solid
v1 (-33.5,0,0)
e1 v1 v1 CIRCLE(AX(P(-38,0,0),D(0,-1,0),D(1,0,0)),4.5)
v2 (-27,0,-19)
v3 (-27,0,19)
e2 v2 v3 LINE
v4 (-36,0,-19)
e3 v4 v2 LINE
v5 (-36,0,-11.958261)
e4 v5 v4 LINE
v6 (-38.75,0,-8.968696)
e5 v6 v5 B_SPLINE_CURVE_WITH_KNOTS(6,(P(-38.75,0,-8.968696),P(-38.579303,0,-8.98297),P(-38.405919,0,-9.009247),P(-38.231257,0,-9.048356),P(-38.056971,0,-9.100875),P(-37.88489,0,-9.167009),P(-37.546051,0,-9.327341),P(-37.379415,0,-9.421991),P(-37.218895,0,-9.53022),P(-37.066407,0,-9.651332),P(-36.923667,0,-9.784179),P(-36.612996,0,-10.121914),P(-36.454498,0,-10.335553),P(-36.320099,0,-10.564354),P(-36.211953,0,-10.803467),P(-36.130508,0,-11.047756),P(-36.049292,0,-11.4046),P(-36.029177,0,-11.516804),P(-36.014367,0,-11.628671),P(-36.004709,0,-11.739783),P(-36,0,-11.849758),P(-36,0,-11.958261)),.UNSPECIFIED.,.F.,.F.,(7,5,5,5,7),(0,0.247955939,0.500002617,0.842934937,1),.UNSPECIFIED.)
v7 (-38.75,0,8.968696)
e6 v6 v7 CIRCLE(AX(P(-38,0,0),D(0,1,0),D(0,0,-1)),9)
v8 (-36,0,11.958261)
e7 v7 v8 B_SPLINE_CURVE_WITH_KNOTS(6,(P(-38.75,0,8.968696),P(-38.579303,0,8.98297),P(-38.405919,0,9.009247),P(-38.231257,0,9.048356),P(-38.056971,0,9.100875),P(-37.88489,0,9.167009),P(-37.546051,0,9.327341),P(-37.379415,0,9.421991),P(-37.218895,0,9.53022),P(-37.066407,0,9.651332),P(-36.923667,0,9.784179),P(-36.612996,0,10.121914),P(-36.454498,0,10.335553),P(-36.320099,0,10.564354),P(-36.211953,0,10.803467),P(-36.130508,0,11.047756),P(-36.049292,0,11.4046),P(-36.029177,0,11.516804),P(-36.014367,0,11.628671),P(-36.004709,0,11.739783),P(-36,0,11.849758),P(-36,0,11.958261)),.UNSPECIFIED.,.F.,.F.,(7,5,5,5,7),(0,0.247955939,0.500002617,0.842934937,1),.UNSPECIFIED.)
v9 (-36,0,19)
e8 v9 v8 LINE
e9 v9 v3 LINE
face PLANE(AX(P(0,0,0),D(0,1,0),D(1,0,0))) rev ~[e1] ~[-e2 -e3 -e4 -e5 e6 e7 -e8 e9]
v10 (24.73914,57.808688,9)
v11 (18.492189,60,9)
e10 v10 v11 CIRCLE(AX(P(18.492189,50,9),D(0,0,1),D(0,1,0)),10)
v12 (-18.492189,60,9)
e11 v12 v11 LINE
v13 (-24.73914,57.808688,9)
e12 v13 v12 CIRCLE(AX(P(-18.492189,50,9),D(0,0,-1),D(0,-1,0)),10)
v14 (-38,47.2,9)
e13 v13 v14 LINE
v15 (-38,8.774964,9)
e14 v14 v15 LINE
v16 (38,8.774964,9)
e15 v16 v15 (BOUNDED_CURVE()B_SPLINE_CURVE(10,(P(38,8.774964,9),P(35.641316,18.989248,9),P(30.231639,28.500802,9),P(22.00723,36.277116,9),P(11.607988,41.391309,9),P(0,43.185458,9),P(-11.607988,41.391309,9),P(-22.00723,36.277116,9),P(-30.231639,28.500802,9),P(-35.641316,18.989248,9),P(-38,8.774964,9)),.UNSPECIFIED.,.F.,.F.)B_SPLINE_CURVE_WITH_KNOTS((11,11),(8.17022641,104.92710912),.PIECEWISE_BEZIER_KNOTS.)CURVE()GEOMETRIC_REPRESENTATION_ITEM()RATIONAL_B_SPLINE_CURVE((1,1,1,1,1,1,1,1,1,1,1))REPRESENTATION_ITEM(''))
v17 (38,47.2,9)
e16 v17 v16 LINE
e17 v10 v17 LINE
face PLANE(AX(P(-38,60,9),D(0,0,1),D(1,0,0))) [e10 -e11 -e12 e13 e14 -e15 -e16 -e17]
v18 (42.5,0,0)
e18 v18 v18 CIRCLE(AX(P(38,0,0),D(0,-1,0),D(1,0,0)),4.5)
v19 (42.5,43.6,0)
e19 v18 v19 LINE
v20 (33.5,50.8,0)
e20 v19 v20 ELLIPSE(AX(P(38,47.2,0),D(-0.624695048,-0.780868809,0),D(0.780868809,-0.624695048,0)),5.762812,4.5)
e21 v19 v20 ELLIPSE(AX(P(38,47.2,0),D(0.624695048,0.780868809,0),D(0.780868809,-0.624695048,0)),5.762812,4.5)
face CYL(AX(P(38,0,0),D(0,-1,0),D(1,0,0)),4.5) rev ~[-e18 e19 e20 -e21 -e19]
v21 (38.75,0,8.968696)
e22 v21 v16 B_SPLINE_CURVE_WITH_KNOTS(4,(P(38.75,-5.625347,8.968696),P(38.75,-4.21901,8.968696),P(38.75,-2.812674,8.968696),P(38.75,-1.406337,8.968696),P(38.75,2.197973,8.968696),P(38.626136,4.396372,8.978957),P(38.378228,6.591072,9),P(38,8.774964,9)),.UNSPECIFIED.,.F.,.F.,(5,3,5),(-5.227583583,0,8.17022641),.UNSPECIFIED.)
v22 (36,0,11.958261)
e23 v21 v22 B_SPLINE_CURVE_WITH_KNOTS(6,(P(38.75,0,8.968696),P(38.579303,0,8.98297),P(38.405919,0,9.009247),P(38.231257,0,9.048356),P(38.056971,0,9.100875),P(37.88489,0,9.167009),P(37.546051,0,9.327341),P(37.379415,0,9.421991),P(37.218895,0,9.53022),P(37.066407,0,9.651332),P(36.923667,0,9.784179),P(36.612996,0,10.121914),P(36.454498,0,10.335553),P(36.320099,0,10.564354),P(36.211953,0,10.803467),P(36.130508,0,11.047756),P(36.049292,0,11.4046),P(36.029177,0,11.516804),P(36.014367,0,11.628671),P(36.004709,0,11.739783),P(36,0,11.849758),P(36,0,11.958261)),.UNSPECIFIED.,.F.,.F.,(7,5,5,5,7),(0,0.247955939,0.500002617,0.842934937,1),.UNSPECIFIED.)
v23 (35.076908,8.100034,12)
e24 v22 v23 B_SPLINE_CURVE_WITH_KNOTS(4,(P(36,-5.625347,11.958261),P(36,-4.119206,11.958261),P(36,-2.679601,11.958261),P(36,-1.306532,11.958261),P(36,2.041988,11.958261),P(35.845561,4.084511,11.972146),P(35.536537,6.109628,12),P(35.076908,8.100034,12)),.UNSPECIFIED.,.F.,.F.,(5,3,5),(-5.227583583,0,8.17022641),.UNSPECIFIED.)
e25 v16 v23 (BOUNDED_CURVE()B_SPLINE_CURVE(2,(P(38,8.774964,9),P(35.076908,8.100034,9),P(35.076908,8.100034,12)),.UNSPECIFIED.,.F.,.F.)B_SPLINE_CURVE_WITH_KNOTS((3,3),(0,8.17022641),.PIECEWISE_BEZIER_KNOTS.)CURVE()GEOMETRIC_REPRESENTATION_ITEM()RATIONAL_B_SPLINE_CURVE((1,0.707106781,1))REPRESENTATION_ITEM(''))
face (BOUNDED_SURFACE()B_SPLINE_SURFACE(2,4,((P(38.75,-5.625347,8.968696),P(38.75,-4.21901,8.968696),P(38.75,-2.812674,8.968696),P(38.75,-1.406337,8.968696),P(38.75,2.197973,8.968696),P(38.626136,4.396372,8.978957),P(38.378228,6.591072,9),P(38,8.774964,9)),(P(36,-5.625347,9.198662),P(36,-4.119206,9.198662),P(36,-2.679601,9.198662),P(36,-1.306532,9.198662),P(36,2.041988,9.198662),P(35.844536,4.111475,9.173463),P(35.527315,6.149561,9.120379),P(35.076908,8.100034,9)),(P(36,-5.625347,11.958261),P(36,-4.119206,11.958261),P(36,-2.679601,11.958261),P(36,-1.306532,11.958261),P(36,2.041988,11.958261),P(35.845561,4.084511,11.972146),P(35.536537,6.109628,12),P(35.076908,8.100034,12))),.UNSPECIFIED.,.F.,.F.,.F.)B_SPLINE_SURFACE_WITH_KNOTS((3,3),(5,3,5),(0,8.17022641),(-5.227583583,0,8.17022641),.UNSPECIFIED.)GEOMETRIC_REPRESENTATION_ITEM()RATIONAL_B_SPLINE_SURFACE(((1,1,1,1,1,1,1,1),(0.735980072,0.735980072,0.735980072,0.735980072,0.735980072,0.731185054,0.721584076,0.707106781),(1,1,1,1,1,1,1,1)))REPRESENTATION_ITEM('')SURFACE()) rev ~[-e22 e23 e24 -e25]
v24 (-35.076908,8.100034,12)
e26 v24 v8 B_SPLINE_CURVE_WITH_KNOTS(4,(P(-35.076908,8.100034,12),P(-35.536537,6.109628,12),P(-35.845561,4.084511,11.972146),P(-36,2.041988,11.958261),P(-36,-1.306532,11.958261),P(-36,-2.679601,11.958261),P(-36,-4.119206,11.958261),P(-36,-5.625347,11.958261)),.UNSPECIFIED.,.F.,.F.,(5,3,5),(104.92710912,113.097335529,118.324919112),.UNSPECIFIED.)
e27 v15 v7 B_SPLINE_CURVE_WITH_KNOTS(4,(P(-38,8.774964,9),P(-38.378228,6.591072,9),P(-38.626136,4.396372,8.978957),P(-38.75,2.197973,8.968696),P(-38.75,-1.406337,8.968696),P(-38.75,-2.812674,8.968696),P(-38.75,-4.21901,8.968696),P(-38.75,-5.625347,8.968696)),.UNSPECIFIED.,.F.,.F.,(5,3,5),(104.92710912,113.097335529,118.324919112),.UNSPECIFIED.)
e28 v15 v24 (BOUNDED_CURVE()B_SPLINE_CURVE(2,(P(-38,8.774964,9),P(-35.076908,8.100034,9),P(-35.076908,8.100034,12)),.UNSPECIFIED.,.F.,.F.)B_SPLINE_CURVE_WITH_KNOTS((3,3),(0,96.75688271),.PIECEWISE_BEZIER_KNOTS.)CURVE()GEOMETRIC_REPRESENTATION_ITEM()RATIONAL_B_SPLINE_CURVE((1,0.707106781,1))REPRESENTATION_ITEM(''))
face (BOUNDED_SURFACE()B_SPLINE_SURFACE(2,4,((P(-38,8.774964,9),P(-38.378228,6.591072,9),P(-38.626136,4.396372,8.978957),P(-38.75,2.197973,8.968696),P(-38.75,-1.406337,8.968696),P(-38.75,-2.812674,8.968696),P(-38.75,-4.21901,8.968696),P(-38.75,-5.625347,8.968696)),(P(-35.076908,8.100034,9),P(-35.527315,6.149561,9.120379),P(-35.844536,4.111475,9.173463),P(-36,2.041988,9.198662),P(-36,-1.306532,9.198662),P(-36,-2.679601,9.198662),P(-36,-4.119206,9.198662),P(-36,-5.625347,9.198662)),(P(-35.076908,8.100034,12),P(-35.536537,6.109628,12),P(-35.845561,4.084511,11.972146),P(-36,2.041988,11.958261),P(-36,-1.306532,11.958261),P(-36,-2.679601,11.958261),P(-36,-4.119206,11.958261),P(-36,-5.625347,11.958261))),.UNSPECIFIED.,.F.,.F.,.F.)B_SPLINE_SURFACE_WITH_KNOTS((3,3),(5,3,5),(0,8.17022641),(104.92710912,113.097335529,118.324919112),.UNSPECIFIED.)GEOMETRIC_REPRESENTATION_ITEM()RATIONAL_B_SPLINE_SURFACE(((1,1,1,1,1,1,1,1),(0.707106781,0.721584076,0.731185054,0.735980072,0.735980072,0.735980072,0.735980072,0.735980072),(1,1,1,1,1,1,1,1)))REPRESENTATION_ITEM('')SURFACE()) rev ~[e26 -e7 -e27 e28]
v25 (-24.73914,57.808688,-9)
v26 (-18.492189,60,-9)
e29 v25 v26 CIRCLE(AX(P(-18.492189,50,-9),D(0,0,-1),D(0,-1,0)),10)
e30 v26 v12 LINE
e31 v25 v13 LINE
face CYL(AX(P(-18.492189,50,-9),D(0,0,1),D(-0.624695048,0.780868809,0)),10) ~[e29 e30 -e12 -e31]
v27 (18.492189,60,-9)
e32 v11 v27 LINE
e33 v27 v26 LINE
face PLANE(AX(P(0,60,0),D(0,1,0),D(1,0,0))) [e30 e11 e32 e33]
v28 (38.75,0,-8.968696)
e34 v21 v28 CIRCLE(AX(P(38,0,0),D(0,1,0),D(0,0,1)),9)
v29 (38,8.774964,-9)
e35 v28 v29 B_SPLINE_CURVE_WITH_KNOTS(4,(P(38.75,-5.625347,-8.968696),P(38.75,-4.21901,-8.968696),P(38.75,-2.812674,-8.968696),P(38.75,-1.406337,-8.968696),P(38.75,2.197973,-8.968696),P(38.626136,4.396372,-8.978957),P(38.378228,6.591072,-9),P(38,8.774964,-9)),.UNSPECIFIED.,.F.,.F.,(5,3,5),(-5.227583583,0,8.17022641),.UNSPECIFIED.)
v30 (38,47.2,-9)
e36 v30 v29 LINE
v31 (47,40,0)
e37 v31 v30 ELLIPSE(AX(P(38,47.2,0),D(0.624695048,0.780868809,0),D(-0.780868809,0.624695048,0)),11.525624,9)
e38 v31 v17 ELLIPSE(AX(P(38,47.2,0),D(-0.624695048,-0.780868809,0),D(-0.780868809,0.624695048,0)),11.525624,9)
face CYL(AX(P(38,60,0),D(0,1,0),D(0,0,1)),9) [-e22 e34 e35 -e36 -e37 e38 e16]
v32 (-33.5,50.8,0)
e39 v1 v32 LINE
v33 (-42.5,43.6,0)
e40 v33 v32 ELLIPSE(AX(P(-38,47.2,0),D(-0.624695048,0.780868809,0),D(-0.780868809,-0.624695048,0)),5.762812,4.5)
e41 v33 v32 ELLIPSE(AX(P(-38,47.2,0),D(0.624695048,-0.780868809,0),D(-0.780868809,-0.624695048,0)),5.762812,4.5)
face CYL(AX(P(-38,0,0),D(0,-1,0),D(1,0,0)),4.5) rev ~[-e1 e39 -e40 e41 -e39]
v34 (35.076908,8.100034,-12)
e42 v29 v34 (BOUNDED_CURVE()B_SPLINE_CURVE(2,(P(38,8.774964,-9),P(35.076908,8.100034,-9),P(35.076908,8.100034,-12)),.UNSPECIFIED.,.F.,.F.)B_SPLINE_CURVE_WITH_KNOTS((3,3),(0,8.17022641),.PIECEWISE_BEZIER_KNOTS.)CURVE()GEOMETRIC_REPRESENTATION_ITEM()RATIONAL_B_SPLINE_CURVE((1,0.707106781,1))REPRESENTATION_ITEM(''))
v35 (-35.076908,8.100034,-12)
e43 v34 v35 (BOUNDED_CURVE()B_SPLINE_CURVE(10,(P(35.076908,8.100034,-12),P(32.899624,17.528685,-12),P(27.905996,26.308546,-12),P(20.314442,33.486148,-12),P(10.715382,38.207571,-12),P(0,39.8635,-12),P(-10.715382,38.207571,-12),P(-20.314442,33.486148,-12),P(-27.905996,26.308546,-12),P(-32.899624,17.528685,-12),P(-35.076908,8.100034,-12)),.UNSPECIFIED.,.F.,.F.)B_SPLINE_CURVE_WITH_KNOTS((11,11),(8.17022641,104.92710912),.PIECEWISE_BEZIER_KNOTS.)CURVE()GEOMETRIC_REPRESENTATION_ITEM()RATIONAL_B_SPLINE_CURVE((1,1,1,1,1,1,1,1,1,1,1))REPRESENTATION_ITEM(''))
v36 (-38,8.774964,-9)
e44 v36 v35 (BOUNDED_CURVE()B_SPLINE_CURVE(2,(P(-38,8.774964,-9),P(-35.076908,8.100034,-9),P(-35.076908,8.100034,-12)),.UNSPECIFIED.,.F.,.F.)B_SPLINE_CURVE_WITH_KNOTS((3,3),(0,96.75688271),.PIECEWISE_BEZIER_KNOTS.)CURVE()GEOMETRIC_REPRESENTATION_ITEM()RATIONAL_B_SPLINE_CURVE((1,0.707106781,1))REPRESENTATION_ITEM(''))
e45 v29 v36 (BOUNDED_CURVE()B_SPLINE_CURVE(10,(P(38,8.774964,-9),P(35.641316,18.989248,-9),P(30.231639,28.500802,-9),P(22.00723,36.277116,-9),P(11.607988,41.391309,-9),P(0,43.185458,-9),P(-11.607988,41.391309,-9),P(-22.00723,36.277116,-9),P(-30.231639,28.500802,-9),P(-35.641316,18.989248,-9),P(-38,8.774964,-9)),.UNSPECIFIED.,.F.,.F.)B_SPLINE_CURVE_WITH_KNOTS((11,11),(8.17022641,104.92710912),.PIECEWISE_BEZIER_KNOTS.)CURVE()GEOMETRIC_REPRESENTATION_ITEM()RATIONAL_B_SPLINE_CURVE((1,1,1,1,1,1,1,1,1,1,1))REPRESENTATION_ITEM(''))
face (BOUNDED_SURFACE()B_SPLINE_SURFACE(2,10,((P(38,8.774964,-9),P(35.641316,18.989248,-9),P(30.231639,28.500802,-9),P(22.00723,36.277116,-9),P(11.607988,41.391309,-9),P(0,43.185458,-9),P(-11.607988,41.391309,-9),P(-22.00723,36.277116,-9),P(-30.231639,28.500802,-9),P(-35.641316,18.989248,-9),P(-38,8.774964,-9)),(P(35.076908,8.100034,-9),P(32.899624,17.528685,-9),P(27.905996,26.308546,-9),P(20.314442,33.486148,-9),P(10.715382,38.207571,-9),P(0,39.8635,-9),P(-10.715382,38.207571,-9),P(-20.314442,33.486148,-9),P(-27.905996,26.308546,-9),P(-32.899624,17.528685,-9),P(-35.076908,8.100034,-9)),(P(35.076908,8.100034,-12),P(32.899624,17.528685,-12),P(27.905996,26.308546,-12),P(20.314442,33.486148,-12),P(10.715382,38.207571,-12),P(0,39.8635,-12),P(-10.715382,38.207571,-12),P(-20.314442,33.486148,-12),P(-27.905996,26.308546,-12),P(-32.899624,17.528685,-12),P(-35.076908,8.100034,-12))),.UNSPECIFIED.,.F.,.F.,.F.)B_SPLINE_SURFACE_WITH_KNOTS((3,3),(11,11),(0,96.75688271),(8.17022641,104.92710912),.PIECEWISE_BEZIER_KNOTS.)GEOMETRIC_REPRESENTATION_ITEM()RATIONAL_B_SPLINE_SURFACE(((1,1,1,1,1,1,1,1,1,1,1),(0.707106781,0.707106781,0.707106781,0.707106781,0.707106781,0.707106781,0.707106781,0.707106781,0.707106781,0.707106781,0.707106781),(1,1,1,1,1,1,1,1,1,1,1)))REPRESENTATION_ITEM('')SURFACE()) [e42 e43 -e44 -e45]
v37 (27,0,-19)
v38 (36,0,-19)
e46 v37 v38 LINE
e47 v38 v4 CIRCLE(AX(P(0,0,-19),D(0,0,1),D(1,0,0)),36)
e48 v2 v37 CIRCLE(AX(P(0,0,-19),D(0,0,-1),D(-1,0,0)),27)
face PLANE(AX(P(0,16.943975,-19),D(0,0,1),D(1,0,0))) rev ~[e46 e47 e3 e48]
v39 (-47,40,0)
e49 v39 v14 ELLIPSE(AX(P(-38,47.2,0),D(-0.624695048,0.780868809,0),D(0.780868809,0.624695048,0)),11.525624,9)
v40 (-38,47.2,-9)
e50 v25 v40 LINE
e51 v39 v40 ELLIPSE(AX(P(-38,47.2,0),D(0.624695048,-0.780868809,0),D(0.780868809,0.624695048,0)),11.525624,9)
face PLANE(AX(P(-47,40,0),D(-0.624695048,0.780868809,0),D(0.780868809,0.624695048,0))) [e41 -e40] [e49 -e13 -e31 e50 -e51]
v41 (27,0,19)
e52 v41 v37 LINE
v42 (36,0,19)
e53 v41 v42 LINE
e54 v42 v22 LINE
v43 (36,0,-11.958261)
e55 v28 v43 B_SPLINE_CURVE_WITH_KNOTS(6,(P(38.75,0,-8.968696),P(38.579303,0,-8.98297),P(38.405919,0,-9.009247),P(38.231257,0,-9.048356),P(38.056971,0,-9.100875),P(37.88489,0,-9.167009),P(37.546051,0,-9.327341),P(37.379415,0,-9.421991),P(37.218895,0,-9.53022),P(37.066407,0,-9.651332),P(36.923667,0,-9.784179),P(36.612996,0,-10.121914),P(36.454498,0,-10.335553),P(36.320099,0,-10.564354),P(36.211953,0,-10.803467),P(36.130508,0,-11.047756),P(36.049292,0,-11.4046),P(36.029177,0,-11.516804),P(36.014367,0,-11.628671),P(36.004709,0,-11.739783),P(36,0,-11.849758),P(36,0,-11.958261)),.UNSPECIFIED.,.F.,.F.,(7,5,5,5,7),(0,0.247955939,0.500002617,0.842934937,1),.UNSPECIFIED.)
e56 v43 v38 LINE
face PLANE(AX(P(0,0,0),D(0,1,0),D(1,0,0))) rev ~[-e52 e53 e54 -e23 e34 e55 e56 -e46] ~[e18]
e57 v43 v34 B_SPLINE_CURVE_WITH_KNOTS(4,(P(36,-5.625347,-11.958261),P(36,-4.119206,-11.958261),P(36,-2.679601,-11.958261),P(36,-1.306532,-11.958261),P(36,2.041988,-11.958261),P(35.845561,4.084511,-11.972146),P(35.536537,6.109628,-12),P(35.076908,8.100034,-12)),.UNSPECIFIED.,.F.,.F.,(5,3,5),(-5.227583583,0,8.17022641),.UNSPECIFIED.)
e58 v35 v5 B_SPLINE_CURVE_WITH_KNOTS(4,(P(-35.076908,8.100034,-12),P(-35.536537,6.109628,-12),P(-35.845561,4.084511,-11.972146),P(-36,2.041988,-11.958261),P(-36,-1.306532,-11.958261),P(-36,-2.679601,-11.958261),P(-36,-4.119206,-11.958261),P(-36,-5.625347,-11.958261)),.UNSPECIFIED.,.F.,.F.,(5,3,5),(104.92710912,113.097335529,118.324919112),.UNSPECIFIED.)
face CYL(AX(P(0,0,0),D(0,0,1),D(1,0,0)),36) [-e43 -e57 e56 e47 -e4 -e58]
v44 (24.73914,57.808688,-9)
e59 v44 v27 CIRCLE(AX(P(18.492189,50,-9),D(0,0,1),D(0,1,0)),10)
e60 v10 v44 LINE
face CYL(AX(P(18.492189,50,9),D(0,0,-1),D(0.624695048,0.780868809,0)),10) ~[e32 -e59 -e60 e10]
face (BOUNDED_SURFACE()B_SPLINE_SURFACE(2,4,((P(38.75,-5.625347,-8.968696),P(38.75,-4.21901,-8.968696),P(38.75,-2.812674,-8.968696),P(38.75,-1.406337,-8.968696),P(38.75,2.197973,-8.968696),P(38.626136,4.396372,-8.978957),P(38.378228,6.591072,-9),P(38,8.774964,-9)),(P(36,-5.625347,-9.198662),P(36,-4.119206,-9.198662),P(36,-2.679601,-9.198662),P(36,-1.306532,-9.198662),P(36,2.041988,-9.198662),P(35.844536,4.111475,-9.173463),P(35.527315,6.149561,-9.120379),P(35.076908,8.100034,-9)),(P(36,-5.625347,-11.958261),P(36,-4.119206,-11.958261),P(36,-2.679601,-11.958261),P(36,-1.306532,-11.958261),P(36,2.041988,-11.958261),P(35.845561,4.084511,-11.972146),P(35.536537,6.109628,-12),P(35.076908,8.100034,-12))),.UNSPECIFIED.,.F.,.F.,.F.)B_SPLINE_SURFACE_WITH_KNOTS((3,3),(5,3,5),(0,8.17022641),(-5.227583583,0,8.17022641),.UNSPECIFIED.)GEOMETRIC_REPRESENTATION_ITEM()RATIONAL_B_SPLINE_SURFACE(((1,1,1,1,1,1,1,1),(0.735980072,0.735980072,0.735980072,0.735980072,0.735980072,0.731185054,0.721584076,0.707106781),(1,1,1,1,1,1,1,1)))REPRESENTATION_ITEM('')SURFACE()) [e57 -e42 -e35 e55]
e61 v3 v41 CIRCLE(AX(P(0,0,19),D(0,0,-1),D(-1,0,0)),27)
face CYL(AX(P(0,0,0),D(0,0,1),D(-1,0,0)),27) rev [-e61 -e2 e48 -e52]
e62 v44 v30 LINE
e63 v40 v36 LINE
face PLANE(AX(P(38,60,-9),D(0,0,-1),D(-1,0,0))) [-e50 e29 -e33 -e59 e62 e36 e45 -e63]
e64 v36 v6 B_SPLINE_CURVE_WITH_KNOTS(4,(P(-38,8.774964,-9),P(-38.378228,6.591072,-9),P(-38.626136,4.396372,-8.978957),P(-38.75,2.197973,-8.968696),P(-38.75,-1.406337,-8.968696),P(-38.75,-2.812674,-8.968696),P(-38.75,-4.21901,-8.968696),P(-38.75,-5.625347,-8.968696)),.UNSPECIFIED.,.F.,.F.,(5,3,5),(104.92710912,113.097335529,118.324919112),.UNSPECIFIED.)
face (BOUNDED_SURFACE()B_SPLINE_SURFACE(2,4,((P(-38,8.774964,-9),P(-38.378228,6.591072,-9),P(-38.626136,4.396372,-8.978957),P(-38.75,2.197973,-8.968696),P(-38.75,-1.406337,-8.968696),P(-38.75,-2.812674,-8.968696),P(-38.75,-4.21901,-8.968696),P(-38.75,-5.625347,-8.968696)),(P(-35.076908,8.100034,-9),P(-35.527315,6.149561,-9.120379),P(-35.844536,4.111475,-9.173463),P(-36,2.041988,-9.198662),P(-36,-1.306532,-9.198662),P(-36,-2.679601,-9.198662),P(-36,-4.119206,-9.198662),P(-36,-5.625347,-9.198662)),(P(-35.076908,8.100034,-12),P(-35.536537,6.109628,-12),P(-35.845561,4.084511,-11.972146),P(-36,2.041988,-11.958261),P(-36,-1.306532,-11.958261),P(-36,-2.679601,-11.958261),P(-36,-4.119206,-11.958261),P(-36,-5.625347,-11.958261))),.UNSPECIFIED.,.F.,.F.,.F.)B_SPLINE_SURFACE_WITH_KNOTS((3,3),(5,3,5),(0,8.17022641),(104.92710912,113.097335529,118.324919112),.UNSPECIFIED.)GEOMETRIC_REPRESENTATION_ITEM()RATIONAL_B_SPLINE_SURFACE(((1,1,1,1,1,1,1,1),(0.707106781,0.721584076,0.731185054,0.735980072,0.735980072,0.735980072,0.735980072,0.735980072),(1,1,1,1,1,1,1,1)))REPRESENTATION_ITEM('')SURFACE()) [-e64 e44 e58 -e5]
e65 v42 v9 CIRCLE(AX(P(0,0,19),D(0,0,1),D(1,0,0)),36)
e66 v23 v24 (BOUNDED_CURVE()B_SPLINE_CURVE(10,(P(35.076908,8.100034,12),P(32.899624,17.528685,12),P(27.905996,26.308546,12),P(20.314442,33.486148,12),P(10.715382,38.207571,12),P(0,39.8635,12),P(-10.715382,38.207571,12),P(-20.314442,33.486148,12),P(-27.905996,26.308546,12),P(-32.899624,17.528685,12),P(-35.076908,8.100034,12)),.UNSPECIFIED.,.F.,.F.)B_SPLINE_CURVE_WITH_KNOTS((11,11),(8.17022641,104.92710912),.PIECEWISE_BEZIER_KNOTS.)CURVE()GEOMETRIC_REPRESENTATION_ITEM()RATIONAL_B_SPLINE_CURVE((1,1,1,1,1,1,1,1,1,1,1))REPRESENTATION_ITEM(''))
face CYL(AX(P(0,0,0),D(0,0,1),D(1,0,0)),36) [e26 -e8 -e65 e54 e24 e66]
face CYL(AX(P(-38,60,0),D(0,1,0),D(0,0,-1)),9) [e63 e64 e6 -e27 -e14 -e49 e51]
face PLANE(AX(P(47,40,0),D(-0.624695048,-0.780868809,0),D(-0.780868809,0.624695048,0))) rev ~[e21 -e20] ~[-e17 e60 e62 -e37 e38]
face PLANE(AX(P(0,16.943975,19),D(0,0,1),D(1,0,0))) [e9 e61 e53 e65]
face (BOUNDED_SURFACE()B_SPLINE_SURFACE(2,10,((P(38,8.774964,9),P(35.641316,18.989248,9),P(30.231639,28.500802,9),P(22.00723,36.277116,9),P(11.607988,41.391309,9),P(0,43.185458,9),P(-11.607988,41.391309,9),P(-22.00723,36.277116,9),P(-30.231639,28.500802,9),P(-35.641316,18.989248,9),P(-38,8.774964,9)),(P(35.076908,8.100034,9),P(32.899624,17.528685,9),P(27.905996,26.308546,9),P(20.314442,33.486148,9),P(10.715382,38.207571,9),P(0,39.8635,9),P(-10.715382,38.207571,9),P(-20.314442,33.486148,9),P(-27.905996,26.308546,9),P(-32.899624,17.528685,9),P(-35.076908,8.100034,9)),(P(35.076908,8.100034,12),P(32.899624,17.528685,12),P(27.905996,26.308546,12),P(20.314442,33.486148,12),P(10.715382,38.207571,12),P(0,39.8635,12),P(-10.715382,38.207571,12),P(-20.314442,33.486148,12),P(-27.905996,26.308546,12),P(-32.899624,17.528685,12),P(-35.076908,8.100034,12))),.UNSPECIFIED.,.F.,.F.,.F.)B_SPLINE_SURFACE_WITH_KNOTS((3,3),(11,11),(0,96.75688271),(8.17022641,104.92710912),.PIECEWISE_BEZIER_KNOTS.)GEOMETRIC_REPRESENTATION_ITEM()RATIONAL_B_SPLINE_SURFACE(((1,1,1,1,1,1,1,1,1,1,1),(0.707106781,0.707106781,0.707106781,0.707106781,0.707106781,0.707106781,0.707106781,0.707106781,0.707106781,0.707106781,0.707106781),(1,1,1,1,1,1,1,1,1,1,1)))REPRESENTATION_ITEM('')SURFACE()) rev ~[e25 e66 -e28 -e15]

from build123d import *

# Parameters (mm, degrees)
BOSS_EXTRUDE1_DEPTH     = 19
BOSS_EXTRUDE2_DEPTH     = 60
CUT_EXTRUDE1_DEPTH      = 29
SKETCH4_R               = 4.5
CUT_EXTRUDE2_DEPTH      = 61
CUT_EXTRUDE4_DEPTH      = 20
CUT_EXTRUDE4_DEPTH_BACK = 20
FILLET1_R               = 10
FILLET2_R               = 3


with BuildPart() as part:
    # Sketch1 → Boss-Extrude1 (new body, symmetric)
    with BuildSketch(Plane.XY):
        with BuildLine():
            Line((-36, 0), (-27, 0))
            ThreePointArc((-27, 0), (0, 27), (27, 0))
            Line((27, 0), (36, 0))
            ThreePointArc((36, 0), (0, 36), (-36, 0))
        make_face()
    extrude(amount=BOSS_EXTRUDE1_DEPTH, both=True)

    # Sketch2 → Boss-Extrude2 (add)
    with BuildSketch(Plane(origin=(0, 60, 0), x_dir=(-1, 0, 0), z_dir=(0, -1, 0))):
        with BuildLine():
            Line((38, -9), (-38, -9))
            ThreePointArc((-38, -9), (-47, 0), (-38, 9))
            Line((-38, 9), (38, 9))
            ThreePointArc((38, 9), (47, 0), (38, -9))
        make_face()
    extrude(amount=BOSS_EXTRUDE2_DEPTH)

    # Sketch3 → Cut-Extrude1 (cut, through all)
    with BuildSketch(Plane.XY.offset(9)):
        with BuildLine():
            Line((-27, 0), (27, 0))
            ThreePointArc((27, 0), (0, 27), (-27, 0))
        make_face()
    extrude(amount=-CUT_EXTRUDE1_DEPTH, mode=Mode.SUBTRACT)

    # Sketch4 → Cut-Extrude2 (cut, through all)
    with BuildSketch(Plane.XZ):
        with Locations((-38, 0)):
            Circle(SKETCH4_R)
        with Locations((38, 0)):
            Circle(SKETCH4_R)
    extrude(amount=-CUT_EXTRUDE2_DEPTH, mode=Mode.SUBTRACT)

    # Sketch5 → Cut-Extrude4 (cut, two sides)
    with BuildSketch(Plane.XY) as cut_extrude4_sk:
        Polygon((-47, 40), (-22, 60), (-47, 60), align=None)
        Polygon((47, 60), (47, 40), (22, 60), align=None)
    extrude(amount=CUT_EXTRUDE4_DEPTH, mode=Mode.SUBTRACT)
    extrude(cut_extrude4_sk.sketch, amount=-CUT_EXTRUDE4_DEPTH_BACK, mode=Mode.SUBTRACT)

    # Fillet1
    fillet1_edges = [part.edges().sort_by_distance(p)[0] for p in [
        (-22, 60, 0),
        (22, 60, 0),
    ]]
    fillet(fillet1_edges, radius=FILLET1_R)

    # Fillet2
    fillet2_edges = [part.edges().sort_by_distance(p)[0] for p in [
        (0, 36, 9),
        (0, 36, -9),
    ]]
    fillet(fillet2_edges, radius=FILLET2_R)


solid = part.part
